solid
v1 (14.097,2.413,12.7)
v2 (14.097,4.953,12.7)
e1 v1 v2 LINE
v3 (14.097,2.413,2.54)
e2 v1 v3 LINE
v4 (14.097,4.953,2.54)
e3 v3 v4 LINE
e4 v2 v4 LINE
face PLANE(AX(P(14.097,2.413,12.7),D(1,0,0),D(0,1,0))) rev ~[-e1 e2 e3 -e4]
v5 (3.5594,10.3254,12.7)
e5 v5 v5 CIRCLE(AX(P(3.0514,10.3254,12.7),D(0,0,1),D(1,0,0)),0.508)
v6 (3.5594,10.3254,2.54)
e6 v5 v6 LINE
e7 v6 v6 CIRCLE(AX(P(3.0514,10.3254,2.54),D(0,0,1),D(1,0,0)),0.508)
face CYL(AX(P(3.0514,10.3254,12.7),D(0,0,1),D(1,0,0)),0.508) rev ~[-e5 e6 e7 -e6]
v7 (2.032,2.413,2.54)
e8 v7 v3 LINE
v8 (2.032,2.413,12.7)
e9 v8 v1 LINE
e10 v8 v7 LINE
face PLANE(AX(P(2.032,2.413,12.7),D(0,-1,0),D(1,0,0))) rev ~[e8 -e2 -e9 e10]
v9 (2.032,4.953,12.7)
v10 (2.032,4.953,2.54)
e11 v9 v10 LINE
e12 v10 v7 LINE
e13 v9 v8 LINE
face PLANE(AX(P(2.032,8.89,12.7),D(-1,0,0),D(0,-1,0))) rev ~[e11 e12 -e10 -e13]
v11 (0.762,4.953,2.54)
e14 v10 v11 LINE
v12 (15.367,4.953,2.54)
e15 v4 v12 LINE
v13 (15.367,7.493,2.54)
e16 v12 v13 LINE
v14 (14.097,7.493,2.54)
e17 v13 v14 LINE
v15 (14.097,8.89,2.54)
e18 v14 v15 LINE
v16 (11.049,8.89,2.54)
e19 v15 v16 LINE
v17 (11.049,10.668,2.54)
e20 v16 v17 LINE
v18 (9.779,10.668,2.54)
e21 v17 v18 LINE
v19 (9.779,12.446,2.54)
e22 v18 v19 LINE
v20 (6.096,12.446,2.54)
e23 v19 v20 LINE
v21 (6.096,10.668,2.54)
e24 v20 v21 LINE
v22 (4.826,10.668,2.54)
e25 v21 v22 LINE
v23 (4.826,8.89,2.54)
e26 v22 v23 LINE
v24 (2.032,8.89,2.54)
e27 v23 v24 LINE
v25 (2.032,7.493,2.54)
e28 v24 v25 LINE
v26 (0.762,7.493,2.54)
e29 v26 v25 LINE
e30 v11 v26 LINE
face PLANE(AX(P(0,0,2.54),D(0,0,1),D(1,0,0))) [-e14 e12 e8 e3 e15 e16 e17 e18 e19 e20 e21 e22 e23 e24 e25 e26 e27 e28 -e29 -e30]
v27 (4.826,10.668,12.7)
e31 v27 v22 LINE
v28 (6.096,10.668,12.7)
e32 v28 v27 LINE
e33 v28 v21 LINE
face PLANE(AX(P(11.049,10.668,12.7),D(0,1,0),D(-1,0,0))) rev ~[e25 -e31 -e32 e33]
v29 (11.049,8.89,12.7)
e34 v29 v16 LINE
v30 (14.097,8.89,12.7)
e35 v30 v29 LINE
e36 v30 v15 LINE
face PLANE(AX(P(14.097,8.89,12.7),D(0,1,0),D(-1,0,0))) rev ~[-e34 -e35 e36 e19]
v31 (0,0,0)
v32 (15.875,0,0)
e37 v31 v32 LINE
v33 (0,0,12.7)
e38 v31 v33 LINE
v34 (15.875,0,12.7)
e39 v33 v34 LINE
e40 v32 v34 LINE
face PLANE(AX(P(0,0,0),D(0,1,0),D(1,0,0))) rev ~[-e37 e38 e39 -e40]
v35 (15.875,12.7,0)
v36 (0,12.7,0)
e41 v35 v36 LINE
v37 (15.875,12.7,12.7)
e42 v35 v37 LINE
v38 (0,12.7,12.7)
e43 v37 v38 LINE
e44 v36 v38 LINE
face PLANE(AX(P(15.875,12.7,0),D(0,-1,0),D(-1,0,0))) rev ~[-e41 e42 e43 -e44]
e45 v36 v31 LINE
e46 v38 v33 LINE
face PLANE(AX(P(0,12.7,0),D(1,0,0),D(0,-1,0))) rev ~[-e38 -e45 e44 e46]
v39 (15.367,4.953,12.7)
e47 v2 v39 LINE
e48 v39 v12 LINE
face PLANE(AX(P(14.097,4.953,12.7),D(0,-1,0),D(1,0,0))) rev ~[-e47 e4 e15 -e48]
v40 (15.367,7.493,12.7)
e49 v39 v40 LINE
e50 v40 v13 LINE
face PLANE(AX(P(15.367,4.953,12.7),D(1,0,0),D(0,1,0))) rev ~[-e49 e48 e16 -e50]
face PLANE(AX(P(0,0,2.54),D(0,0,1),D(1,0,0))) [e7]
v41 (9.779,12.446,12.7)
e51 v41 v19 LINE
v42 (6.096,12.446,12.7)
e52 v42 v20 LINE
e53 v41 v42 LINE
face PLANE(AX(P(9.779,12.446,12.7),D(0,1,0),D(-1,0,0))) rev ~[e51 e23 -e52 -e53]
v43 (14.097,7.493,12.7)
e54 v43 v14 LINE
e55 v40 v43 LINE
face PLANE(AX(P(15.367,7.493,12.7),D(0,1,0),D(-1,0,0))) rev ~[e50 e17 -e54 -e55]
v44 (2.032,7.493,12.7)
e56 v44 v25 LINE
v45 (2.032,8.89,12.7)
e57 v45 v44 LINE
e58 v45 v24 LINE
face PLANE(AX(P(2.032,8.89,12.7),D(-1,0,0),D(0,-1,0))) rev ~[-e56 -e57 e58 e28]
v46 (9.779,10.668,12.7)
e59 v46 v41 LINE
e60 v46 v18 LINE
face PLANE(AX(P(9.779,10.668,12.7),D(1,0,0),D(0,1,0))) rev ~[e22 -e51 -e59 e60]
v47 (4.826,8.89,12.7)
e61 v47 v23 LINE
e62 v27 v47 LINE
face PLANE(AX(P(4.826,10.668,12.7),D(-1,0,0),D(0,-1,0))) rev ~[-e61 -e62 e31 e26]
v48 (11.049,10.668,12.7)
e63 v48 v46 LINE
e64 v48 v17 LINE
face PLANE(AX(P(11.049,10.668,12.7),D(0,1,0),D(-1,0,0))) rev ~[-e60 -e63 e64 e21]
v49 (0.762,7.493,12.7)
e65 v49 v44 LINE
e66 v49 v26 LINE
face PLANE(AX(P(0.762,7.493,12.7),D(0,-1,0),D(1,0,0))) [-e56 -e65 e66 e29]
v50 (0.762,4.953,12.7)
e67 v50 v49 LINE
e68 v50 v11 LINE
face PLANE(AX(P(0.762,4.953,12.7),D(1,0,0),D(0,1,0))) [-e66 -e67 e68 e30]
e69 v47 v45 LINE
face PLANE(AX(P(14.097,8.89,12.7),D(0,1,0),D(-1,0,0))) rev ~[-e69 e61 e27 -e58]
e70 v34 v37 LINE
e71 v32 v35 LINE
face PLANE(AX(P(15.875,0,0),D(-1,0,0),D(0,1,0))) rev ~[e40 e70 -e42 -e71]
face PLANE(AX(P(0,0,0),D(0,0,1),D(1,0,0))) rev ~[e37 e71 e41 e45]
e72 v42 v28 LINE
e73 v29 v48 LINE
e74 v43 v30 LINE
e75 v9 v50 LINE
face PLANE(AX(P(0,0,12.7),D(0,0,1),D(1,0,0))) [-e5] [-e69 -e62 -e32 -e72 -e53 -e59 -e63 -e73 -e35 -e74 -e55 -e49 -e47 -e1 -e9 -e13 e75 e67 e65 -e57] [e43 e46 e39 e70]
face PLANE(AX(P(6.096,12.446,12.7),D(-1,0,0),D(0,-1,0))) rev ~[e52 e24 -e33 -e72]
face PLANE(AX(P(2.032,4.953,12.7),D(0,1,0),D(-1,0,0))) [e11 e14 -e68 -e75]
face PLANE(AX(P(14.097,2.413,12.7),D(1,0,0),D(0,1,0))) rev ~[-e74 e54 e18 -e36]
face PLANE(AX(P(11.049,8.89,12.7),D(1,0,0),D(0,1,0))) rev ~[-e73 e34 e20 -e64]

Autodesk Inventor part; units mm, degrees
ref_plane "YZ Plane" through (0, 0, 0) normal (1, 0, 0) x (0, 1, 0)
ref_plane "XZ Plane" through (0, 0, 0) normal (0, 1, 0) x (-1, 0, 0)
ref_plane "XY Plane" through (0, 0, 0) normal (0, 0, 1) x (1, 0, 0)
sketch "Sketch1" plane through (0, 0, 0) normal (0, 0, 1) x (1, 0, 0)
  point P0 (0, 0)
sketch "Sketch2" plane through (0, 0, 0) normal (0, 0, 1) x (1, 0, 0)
  line L0 (0, 0) -> (15.875, 0)
  line L1 (15.875, 0) -> (15.875, 12.7)
  line L2 (15.875, 12.7) -> (0, 12.7)
  line L3 (0, 12.7) -> (0, 0)
  dimension "d0" = 15.875
  dimension "d1" = 12.7
extrude "Extrusion1" add sketch "Sketch2" along normal blind 12.7
sketch "Sketch3" plane through (0, 0, 12.7) normal (0, 0, 1) x (1, 0, 0)
  line L0 (0, 12.7) -> (0, 0) projected
  line L1 (0, 0) -> (2.032, 0)
  line L2 (0, 0) -> (15.875, 0) projected
  line L3 (2.032, 2.413) -> (14.097, 2.413)
  line L4 (14.097, 2.413) -> (14.097, 8.89)
  line L5 (14.097, 8.89) -> (2.032, 8.89)
  line L6 (2.032, 8.89) -> (2.032, 2.413)
extrude "Extrusion2" cut sketch "Sketch3" against normal blind 10.16
sketch "Sketch4" plane through (0, 0, 12.7) normal (0, 0, 1) x (1, 0, 0)
  line L0 (2.032, 8.89) -> (14.097, 8.89) projected
  line L1 (11.049, 8.89) -> (11.049, 10.668)
  line L2 (11.049, 10.668) -> (4.826, 10.668)
  line L3 (4.826, 10.668) -> (4.826, 8.89)
  line L4 (11.049, 8.89) -> (4.826, 8.89)
  point P0 (0, 0)
  dimension "d13" = 3.048
  dimension "d16" = 6.223
extrude "Extrusion3" cut sketch "Sketch4" against normal blind 10.16
sketch "Sketch5" plane through (0, 0, 12.7) normal (0, 0, 1) x (1, 0, 0)
  line L0 (11.049, 10.668) -> (11.049, 8.89) projected
  line L1 (4.826, 10.668) -> (11.049, 10.668) projected
  line L2 (9.779, 10.668) -> (9.779, 12.446)
  line L3 (9.779, 12.446) -> (6.096, 12.446)
  line L4 (6.096, 12.446) -> (6.096, 10.668)
  line L5 (6.096, 10.668) -> (9.779, 10.668)
  point P0 (0, 0)
extrude "Extrusion4" cut sketch "Sketch5" against normal blind 10.16
sketch "Sketch6" plane through (0, 0, 12.7) normal (0, 0, 1) x (1, 0, 0)
  line L0 (14.097, 2.413) -> (2.032, 2.413) projected
  line L1 (14.097, 8.89) -> (14.097, 2.413) projected
  line L2 (14.097, 4.953) -> (15.367, 4.953)
  line L3 (15.367, 4.953) -> (15.367, 7.493)
  line L4 (15.367, 7.493) -> (14.097, 7.493)
  line L5 (14.097, 7.493) -> (14.097, 4.953)
  line L6 (2.032, 2.413) -> (2.032, 8.89) projected
  line L7 (2.032, 4.953) -> (0.762, 4.953)
  line L8 (0.762, 4.953) -> (0.762, 7.493)
  line L9 (0.762, 7.493) -> (2.032, 7.493)
  line L10 (2.032, 7.493) -> (2.032, 4.953)
  point P0 (0, 0)
extrude "Extrusion5" cut sketch "Sketch6" against normal blind 10.16
sketch "Sketch7" plane through (0, 0, 12.7) normal (0, 0, 1) x (1, 0, 0)
  circle A0 centre (3.0514, 10.3254) radius 0.508
  point P0 (0, 0)
  dimension "d33" = 1.016
extrude "Extrusion6" cut sketch "Sketch7" against normal blind 10.16
properties part number "Ethernet Port" material "Acetal Resin, White"
